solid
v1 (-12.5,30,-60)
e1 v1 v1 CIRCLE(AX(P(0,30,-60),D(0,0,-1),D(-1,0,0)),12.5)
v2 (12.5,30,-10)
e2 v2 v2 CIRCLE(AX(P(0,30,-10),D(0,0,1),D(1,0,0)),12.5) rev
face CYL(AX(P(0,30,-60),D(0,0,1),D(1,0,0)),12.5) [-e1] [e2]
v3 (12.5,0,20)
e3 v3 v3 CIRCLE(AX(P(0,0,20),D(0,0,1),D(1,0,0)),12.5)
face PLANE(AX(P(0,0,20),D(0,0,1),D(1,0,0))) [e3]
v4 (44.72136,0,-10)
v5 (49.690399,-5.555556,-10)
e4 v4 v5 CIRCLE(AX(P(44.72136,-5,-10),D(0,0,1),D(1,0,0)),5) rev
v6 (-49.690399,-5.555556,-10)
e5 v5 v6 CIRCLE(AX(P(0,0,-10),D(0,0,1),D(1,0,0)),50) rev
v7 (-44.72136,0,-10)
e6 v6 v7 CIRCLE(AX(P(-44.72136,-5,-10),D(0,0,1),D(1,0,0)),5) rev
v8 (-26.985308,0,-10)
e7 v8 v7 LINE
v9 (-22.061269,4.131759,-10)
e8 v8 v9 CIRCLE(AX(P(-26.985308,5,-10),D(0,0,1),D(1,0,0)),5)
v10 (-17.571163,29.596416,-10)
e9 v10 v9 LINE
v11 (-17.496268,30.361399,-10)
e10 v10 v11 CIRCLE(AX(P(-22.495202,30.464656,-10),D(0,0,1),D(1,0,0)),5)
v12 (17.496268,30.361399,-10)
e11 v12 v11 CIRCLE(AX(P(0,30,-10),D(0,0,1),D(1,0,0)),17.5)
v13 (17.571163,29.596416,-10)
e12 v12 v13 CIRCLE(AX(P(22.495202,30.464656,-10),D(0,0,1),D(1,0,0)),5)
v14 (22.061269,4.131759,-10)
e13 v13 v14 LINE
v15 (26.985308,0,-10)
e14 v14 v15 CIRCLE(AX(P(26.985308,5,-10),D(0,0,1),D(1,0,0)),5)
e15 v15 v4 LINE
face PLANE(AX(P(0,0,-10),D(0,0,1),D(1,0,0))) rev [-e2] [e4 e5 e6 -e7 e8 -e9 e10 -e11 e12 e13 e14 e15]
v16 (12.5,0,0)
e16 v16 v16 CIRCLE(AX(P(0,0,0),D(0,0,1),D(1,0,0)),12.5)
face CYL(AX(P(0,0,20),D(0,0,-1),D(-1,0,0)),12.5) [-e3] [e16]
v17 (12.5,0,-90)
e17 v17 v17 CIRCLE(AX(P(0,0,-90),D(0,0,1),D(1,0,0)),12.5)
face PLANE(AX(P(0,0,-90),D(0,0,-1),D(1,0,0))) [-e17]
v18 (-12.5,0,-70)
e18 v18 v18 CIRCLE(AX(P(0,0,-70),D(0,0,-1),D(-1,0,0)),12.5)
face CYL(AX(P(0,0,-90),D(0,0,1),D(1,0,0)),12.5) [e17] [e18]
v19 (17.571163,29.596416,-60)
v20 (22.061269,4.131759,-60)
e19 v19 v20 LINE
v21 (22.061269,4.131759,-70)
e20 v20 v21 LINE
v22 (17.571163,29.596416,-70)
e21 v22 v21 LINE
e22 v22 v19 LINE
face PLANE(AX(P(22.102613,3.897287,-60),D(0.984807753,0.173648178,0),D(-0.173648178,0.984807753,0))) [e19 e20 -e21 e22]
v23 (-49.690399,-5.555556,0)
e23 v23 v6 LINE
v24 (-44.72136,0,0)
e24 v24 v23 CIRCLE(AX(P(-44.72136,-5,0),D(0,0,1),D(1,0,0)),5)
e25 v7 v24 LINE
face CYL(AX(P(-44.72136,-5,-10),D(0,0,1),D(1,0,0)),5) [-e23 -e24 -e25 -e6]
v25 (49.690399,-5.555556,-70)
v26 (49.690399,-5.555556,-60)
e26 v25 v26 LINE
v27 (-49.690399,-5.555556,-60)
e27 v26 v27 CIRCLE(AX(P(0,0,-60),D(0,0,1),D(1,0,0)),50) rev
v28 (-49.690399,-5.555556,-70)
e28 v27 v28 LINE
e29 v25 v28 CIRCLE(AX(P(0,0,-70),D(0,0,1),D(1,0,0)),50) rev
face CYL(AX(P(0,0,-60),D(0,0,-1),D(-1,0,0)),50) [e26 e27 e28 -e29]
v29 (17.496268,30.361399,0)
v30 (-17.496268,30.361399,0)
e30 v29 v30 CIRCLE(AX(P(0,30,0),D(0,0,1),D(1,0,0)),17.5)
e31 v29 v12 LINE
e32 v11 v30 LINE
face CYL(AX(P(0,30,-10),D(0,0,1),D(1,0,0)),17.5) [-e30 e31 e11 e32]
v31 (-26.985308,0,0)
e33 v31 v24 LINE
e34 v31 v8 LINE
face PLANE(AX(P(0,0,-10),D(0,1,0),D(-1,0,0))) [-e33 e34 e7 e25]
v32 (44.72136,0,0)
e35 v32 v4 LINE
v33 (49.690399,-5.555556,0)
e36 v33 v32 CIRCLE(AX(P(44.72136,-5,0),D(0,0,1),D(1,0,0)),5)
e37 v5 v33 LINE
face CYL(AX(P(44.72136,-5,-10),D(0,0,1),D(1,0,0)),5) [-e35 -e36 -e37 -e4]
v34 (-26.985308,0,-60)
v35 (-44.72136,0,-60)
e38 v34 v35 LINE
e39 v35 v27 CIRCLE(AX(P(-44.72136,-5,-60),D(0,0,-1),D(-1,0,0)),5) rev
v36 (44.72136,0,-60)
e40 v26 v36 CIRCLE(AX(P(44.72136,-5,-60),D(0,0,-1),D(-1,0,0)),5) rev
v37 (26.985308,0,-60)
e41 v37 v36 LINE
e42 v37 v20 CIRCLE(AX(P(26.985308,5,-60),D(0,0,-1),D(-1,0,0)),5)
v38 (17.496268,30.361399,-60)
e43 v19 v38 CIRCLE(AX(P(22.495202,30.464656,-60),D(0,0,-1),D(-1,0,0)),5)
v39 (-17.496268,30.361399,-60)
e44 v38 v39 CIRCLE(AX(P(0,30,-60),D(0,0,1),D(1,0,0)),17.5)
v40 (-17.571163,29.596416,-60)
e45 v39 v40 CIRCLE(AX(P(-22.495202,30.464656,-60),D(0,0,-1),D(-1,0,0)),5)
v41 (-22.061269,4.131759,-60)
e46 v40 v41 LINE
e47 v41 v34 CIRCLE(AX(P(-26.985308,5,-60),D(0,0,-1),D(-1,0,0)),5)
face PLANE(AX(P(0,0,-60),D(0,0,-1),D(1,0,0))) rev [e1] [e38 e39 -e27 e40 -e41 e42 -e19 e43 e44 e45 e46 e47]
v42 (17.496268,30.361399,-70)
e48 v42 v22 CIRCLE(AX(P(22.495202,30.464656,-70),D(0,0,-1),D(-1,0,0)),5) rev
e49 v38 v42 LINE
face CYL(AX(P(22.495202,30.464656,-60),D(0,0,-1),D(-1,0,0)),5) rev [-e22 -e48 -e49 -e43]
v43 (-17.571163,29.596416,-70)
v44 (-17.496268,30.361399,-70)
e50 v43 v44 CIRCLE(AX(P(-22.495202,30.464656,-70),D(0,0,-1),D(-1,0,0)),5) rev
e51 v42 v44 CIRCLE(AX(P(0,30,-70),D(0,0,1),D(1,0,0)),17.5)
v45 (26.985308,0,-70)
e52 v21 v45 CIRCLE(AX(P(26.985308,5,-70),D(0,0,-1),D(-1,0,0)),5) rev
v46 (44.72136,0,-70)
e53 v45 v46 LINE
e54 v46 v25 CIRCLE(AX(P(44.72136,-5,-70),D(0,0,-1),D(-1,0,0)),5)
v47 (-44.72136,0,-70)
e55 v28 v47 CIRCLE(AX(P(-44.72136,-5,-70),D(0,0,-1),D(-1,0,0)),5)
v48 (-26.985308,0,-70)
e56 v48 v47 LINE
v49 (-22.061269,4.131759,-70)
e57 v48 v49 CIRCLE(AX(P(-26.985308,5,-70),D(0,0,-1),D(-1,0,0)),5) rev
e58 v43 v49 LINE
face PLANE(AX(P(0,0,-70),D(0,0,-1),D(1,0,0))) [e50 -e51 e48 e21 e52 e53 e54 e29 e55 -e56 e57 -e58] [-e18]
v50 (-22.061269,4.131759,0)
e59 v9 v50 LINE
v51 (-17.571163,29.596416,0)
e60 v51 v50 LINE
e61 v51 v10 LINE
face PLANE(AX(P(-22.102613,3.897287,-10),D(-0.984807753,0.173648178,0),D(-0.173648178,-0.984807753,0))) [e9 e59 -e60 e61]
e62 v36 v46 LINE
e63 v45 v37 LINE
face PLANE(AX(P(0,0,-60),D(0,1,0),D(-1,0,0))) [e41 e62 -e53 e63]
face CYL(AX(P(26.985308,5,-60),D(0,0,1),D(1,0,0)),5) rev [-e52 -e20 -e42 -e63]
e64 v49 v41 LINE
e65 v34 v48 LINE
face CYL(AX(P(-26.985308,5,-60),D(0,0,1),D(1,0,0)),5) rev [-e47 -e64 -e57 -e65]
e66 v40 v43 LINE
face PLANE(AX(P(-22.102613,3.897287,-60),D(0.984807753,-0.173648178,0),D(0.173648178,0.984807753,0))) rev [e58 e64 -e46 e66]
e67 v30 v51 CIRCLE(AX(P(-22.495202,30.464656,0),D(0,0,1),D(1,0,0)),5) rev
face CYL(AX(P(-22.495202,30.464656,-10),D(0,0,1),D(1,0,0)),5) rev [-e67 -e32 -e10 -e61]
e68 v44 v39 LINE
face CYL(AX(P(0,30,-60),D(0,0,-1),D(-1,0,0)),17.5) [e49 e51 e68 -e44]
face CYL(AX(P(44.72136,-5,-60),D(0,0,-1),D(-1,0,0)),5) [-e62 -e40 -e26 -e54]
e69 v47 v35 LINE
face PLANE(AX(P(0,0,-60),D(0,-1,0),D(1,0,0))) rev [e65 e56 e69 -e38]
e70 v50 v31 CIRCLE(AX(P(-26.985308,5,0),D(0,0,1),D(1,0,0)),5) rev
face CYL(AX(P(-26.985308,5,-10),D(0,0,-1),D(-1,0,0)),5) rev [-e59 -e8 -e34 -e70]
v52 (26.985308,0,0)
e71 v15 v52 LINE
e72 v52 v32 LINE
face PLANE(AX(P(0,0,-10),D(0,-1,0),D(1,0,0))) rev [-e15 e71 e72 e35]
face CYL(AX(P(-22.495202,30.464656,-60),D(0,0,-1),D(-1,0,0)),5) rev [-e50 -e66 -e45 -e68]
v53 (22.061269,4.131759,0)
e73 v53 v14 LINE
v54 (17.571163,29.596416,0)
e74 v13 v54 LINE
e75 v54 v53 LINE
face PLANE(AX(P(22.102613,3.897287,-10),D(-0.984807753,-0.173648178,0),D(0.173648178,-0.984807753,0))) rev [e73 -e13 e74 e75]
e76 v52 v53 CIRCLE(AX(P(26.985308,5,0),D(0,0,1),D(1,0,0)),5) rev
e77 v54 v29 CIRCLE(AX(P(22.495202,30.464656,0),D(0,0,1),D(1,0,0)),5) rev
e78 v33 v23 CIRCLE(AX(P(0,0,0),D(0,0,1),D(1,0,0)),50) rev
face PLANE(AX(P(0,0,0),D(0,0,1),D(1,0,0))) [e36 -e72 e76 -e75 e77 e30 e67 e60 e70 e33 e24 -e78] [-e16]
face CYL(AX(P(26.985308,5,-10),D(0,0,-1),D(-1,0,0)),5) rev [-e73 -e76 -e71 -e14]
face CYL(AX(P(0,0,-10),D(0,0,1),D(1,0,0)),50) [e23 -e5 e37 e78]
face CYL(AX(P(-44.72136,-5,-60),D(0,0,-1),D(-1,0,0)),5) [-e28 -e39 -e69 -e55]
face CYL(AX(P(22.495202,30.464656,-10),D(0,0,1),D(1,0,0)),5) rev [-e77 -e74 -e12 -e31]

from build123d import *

# Parameters (mm, degrees)
BOSS_EXTRUDE1_DEPTH  = 10
FILLET1_R            = 5
SKETCH2_R            = 12.5
BOSS_EXTRUDE2_DEPTH  = 20
SKETCH3_R            = 12.5
BOSS_EXTRUDE3_DEPTH  = 50
FILLET1_OF_MIRROR1_R = 5


with BuildPart() as part:
    # Sketch1 → Boss-Extrude1 (new body)
    with BuildSketch(Plane.XY):
        with BuildLine():
            Line((-17.5, 30), (-22.789809421, 0))
            Line((-22.789809421, 0), (-50, 0))
            ThreePointArc((-50, 0), (0, -50), (50, 0))
            Line((50, 0), (22.789809421, 0))
            Line((22.789809421, 0), (17.5, 30))
            ThreePointArc((17.5, 30), (0, 47.5), (-17.5, 30))
        make_face()
    boss_extrude1 = extrude(amount=-BOSS_EXTRUDE1_DEPTH)

    # Fillet1
    fillet1_edges = [part.edges().sort_by_distance(p)[0] for p in [
        (-50, 0, -5),
        (-22.789809421, 0, -5),
        (-17.5, 30, -5),
        (17.5, 30, -5),
        (22.789809421, 0, -5),
        (50, 0, -5),
    ]]
    fillet(fillet1_edges, radius=FILLET1_R)

    # Sketch2 → Boss-Extrude2 (add)
    with BuildSketch(Plane.XY):
        Circle(SKETCH2_R)
    boss_extrude2 = extrude(amount=BOSS_EXTRUDE2_DEPTH)

    # Sketch3 → Boss-Extrude3 (add)
    with BuildSketch(Plane(origin=(0, 0, -10), x_dir=(-1, 0, 0), z_dir=(0, 0, -1))):
        with Locations(Location((0, 30, 0), (0, 0, 180))):
            Circle(SKETCH3_R)
    extrude(amount=BOSS_EXTRUDE3_DEPTH)

    # Mirror1: Boss-Extrude1, Boss-Extrude2 across plane
    add(boss_extrude1.mirror(Plane(origin=(0, 0, -35), x_dir=(1, 0, 0), z_dir=(0, 0, -1))))
    add(boss_extrude2.mirror(Plane(origin=(0, 0, -35), x_dir=(1, 0, 0), z_dir=(0, 0, -1))))

    # Fillet1 of Mirror1
    fillet1_of_mirror1_edges = [part.edges().sort_by_distance(p)[0] for p in [
        (-50, 0, -65),
        (-22.789809421, 0, -65),
        (-17.5, 30, -65),
        (17.5, 30, -65),
        (22.789809421, 0, -65),
        (50, 0, -65),
    ]]
    fillet(fillet1_of_mirror1_edges, radius=FILLET1_OF_MIRROR1_R)


solid = part.part
